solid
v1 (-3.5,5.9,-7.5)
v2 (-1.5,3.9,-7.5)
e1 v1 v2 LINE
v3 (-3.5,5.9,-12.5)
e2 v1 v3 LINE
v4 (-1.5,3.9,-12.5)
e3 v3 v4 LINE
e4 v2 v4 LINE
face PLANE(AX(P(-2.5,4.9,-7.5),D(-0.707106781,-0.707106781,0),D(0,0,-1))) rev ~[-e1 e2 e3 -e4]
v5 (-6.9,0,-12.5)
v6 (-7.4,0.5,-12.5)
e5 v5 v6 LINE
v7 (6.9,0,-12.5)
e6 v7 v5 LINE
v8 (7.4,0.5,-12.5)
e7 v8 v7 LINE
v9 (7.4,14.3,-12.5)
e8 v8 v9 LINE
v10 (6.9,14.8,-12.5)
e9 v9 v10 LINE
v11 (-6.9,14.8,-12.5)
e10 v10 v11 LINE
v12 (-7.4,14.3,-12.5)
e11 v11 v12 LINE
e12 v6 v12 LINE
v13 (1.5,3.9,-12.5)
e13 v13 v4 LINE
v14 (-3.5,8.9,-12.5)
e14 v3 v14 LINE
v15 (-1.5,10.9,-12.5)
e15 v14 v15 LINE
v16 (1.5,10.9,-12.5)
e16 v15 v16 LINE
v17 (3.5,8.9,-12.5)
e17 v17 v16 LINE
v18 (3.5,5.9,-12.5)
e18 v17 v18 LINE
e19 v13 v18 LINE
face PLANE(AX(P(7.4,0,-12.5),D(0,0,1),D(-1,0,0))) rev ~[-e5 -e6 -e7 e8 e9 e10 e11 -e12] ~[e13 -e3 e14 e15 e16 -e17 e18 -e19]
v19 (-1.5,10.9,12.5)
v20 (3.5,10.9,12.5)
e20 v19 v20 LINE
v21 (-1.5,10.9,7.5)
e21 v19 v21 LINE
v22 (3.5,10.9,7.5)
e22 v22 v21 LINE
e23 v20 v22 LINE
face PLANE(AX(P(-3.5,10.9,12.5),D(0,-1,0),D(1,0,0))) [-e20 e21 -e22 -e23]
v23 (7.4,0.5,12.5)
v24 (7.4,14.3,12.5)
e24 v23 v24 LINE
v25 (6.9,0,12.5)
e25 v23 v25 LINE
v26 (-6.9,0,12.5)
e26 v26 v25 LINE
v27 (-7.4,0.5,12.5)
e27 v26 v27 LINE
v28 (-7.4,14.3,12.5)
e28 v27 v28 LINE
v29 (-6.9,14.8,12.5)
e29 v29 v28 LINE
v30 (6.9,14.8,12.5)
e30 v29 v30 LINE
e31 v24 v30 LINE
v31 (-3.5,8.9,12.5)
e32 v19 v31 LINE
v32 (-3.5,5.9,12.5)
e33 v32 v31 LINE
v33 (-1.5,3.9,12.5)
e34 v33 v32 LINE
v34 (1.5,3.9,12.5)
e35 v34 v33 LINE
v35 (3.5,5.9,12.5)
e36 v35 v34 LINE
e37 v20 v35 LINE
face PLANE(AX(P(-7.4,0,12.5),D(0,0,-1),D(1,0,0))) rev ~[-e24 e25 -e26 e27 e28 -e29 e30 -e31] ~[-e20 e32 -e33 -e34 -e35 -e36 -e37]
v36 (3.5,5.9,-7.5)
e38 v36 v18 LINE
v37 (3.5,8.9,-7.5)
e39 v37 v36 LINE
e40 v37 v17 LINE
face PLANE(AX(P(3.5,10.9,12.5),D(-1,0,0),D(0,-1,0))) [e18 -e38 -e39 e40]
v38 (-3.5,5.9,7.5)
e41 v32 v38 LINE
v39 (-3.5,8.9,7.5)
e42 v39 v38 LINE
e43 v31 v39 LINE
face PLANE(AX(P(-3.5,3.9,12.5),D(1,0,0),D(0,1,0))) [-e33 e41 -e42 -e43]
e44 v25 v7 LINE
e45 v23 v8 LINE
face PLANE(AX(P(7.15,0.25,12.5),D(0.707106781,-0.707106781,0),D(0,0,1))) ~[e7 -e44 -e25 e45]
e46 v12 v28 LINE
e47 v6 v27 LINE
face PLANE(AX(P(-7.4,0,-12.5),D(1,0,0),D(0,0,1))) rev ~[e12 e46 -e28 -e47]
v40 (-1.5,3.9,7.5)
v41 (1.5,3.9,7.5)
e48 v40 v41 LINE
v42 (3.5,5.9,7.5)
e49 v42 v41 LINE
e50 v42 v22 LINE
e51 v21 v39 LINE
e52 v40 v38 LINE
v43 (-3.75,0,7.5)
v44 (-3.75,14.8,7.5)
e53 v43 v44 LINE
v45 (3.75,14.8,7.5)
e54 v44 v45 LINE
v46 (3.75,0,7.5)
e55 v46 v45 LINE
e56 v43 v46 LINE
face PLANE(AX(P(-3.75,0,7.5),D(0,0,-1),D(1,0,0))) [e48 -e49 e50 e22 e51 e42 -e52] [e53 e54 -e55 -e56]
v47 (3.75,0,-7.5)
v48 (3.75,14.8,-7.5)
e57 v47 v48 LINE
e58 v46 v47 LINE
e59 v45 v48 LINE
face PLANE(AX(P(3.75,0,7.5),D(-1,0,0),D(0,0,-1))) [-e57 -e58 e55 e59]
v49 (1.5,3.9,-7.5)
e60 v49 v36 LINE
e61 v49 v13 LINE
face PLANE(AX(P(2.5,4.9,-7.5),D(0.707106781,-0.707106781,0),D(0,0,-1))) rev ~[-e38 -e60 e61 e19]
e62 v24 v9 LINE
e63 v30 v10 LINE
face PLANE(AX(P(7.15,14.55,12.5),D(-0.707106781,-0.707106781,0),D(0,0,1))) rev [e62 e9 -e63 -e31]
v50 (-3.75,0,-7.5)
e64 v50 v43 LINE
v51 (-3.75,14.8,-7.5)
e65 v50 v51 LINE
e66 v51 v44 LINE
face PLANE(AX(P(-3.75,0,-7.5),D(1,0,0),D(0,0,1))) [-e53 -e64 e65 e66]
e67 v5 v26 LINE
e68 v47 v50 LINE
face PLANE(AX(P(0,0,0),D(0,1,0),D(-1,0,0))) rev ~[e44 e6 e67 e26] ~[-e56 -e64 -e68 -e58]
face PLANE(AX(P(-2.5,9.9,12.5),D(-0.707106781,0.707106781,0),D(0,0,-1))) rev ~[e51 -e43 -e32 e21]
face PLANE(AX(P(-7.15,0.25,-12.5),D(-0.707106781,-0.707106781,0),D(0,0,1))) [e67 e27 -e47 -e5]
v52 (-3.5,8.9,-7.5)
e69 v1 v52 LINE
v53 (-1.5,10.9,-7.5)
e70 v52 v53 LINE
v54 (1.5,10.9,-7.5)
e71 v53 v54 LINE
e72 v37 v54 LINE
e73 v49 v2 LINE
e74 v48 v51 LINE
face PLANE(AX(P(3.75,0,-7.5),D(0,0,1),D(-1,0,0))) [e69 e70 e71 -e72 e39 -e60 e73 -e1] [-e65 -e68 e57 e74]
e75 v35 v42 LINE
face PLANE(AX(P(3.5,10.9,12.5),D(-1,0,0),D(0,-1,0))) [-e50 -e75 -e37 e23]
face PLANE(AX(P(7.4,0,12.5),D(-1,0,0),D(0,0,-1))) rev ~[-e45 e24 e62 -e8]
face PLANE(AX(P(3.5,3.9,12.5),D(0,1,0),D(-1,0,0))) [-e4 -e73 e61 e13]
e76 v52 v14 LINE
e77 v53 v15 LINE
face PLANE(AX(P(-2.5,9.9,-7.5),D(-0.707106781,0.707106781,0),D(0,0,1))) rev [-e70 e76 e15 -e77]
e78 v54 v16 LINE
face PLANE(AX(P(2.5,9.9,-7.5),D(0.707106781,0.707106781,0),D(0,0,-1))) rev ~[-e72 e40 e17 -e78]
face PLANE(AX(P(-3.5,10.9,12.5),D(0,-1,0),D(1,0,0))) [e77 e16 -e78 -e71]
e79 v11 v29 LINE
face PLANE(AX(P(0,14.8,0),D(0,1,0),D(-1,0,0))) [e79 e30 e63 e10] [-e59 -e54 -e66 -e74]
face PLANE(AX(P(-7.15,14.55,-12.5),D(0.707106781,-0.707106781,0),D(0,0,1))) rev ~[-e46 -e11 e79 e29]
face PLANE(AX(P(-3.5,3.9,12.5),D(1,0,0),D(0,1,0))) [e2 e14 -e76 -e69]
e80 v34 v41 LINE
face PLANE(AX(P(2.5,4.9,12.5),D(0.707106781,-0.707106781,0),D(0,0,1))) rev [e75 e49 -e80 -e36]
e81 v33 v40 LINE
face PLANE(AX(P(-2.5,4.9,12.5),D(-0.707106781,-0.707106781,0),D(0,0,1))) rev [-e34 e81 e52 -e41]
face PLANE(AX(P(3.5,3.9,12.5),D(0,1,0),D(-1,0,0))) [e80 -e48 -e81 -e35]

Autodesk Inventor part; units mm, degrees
ref_plane "YZ Plane" through (0, 0, 0) normal (1, 0, 0) x (0, 1, 0)
ref_plane "XZ Plane" through (0, 0, 0) normal (0, 1, 0) x (-1, 0, 0)
ref_plane "XY Plane" through (0, 0, 0) normal (0, 0, 1) x (1, 0, 0)
sketch "Sketch1" plane through (0, 0, 0) normal (0, 1, 0) x (-1, 0, 0)
  line L0 (7.4, 12.5) -> (-7.4, 12.5)
  line L1 (-7.4, 12.5) -> (-7.4, -12.5)
  line L2 (-7.4, -12.5) -> (7.4, -12.5)
  line L3 (7.4, -12.5) -> (7.4, 12.5)
  line L4 (3.75, 7.5) -> (-3.75, 7.5)
  line L5 (-3.75, 7.5) -> (-3.75, -7.5)
  line L6 (-3.75, -7.5) -> (3.75, -7.5)
  line L7 (3.75, -7.5) -> (3.75, 7.5)
  point P0 (0, 0)
  dimension "d0" = 14.8
  dimension "d1" = 25
  dimension "d2" = 12.5
  dimension "d3" = 7.4
  dimension "d4" = 7.5
  dimension "d5" = 15
  dimension "d6" = 3.75
  dimension "d7" = 7.5
extrude "Extrusion1" add sketch "Sketch1" along normal blind 14.8
sketch "Sketch2" plane through (-7.4, 0, 12.5) normal (0, 0, 1) x (1, 0, 0)
  line L0 (3.9, 10.9) -> (10.9, 10.9)
  line L1 (10.9, 10.9) -> (10.9, 3.9)
  line L2 (10.9, 3.9) -> (3.9, 3.9)
  line L3 (3.9, 3.9) -> (3.9, 10.9)
  line L4 (0, 0) -> (14.8, 0) projected
  line L5 (14.8, 0) -> (14.8, 14.8) projected
  point P0 (7.4, 0)
  point P1 (7.4, 0)
  point P2 (7.4, 3.9)
  point P3 (14.8, 7.4)
  point P4 (10.9, 7.4)
  dimension "d10" = 7
  dimension "d11" = 7
  dimension "d12" = 0
  dimension "d13" = 0
extrude "Extrusion2" cut sketch "Sketch2" against normal through all
chamfer "Chamfer1" distance 2 angle 45 7 edges at (-3.5, 10.9, 10) (-3.5, 3.9, 10) (3.5, 3.9, 10) (-3.5, 3.9, -10) (3.5, 3.9, -10) (3.5, 10.9, -10) (-3.5, 10.9, -10)
chamfer "Chamfer2" distance 0.5 angle 45 4 edges at (7.4, 0, 0) (7.4, 14.8, 0) (-7.4, 14.8, 0) (-7.4, 0, 0)
equation "\"d2\" = 0.5 * d1"
equation "\"d3\" = 0.5 * d0"
equation "\"d6\" = 0.5 * d4"
equation "\"d7\" = 0.5 * d5"
properties part number "Test Square"
